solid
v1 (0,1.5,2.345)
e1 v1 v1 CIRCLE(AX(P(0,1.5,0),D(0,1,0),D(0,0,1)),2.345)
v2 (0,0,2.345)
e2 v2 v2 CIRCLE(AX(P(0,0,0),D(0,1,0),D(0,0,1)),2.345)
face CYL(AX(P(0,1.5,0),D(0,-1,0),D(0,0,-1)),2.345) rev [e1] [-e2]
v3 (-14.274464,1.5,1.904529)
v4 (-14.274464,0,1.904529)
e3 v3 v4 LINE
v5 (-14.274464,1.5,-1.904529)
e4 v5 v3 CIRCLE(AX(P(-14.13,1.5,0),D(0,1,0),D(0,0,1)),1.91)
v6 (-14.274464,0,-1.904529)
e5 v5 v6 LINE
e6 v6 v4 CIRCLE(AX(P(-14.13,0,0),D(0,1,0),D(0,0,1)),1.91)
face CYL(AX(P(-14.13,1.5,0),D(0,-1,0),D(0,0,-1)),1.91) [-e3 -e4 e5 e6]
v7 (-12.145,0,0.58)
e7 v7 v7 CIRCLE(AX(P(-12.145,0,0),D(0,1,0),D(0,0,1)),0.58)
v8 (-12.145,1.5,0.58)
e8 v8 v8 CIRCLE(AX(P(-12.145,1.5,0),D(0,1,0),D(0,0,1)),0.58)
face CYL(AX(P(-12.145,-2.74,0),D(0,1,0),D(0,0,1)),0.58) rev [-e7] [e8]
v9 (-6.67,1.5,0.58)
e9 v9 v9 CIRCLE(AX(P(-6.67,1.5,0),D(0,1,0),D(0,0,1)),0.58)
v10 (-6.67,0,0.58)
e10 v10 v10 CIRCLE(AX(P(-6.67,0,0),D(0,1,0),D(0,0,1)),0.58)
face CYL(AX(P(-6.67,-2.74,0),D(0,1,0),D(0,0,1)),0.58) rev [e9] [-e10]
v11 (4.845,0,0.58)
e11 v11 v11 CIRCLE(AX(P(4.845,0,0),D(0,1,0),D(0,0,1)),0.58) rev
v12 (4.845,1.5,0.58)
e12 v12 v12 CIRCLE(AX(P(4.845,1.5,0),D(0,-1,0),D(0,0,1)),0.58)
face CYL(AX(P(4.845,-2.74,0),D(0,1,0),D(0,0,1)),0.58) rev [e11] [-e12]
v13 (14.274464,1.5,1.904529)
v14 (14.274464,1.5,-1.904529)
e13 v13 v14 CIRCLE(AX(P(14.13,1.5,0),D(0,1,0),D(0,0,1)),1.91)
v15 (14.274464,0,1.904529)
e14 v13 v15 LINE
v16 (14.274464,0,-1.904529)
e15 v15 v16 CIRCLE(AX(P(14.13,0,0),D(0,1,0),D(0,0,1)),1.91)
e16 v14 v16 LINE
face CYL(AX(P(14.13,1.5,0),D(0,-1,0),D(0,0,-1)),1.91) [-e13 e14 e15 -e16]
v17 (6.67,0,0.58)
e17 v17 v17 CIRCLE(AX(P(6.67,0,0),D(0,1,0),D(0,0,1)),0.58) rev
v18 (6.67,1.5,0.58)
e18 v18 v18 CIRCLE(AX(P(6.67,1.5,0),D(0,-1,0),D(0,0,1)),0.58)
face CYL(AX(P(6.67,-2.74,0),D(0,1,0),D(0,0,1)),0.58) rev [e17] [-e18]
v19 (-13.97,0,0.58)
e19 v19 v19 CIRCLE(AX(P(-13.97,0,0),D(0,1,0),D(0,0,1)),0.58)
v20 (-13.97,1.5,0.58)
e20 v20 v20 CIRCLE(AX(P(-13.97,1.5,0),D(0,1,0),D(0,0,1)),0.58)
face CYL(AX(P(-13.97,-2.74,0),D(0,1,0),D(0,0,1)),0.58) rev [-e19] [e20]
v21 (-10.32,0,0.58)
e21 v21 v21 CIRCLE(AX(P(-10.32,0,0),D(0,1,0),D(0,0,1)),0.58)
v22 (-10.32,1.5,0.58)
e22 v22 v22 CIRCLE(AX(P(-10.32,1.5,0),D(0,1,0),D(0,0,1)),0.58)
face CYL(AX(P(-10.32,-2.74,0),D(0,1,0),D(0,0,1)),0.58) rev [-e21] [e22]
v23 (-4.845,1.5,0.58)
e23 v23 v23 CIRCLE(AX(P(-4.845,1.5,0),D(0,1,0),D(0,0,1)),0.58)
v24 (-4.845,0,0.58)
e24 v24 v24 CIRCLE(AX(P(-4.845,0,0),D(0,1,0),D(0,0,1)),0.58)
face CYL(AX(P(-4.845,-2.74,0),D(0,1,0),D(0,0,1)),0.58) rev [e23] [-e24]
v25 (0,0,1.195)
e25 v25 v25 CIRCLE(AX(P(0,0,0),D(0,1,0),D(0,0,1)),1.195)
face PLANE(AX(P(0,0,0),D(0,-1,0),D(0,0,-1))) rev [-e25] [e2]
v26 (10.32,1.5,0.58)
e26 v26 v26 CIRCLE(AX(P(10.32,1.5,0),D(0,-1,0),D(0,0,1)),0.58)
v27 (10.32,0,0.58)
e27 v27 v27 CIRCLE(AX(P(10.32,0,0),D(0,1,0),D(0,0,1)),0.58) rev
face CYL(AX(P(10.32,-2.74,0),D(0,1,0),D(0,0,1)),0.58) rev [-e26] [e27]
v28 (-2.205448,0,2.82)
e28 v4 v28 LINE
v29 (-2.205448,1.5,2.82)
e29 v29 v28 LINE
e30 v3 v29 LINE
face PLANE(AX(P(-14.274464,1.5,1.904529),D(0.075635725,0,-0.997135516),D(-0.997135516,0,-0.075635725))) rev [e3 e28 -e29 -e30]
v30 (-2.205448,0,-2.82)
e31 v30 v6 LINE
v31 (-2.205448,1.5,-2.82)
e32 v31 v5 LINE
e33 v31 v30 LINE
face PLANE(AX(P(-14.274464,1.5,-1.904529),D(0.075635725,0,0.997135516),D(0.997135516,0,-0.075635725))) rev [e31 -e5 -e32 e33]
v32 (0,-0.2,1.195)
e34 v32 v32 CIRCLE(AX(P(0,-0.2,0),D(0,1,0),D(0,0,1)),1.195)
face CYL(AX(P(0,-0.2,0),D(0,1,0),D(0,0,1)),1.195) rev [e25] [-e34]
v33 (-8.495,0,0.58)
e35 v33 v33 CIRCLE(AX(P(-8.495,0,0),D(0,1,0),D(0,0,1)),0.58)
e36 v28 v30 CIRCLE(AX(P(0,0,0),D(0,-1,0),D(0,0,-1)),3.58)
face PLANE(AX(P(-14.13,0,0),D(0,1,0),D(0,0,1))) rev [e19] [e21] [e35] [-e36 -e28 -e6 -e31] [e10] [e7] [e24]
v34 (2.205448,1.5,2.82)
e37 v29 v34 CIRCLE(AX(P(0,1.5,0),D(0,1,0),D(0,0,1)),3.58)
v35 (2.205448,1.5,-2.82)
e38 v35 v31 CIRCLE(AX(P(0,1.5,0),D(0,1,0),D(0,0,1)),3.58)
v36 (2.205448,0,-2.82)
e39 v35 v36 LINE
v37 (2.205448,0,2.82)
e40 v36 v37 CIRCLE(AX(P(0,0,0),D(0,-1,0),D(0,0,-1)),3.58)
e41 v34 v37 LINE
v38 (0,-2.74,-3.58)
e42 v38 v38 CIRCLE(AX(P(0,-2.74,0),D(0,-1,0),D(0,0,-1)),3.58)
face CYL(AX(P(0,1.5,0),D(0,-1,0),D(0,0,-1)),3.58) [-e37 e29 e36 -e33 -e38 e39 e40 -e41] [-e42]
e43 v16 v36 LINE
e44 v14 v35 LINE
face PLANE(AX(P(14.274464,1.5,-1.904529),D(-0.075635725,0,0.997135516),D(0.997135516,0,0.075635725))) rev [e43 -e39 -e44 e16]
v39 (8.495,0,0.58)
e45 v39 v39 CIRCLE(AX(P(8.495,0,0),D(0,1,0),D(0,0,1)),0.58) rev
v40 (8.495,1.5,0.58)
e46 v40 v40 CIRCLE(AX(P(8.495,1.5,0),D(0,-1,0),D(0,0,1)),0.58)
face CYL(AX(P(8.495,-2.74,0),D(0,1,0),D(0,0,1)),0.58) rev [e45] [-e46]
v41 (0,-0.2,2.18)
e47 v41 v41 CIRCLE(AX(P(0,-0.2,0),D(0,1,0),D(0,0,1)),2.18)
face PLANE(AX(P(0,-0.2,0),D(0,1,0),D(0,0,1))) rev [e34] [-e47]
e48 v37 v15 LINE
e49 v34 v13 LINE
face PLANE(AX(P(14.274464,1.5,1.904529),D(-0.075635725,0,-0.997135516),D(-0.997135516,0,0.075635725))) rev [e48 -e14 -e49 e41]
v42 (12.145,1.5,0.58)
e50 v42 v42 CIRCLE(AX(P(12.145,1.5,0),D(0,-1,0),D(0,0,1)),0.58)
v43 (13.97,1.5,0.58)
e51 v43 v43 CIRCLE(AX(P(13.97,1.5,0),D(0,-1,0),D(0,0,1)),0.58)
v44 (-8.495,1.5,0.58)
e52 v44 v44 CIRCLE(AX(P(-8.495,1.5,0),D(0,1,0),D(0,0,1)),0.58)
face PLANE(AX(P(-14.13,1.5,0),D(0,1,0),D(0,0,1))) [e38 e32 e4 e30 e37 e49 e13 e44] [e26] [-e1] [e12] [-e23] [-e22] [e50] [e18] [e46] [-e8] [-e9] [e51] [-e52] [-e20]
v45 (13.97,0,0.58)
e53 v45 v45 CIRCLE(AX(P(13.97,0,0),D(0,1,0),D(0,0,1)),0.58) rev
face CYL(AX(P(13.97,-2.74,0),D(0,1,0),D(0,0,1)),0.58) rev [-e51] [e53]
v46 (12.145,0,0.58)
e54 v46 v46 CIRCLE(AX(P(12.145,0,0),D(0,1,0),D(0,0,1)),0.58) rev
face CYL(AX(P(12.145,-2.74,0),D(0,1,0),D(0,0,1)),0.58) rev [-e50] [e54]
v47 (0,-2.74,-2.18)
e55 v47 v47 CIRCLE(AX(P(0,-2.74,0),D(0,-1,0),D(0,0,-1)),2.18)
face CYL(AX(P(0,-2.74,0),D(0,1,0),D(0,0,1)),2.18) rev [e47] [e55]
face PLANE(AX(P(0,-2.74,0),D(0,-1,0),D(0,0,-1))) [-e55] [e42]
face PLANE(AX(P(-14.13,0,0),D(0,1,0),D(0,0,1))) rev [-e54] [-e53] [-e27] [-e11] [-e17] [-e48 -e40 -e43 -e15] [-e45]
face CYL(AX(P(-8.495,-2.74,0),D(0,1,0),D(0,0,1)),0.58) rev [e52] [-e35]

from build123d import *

# Parameters (mm, degrees)
SKETCH1_R               = 2.345
EXTRUDE1_DEPTH          = 1.5
SKETCH2_R               = 3.58
SKETCH2_R_2             = 2.18
EXTRUDE2_DEPTH          = 2.74
SKETCH3_R               = 2.345
SKETCH3_R_2             = 1.195
EXTRUDE3_DEPTH          = 0.2
SKETCH4_R               = 0.58
EXTRUDE4_DEPTH          = 5.24
LPATTERN1_COUNT         = 6
LPATTERN1_PITCH         = 1.825
MIRROR1_COPY_1_SKETCH_R = 0.58
MIRROR1_COPY_1_DEPTH    = 5.24
MIRROR1_COPY_2_SKETCH_R = 0.58
MIRROR1_COPY_2_DEPTH    = 5.24
MIRROR1_COPY_3_SKETCH_R = 0.58
MIRROR1_COPY_3_DEPTH    = 5.24
MIRROR1_COPY_4_SKETCH_R = 0.58
MIRROR1_COPY_4_DEPTH    = 5.24
MIRROR1_COPY_5_SKETCH_R = 0.58
MIRROR1_COPY_5_DEPTH    = 5.24


with BuildPart() as part:
    # Sketch1 → Extrude1 (new body)
    with BuildSketch(Plane(origin=(0, 0, 0), x_dir=(1, 0, 0), z_dir=(0, 1, 0))):
        with BuildLine():
            Line((-14.274464235, -1.904528835), (-2.2054478, -2.82))
            ThreePointArc((-2.2054478, -2.82), (0, -3.58), (2.2054478, -2.82))
            Line((2.2054478, -2.82), (14.274464235, -1.904528835))
            ThreePointArc((14.274464235, -1.904528835), (16.04, 0), (14.274464235, 1.904528835))
            Line((14.274464235, 1.904528835), (2.2054478, 2.82))
            ThreePointArc((2.2054478, 2.82), (0, 3.58), (-2.2054478, 2.82))
            Line((-2.2054478, 2.82), (-14.274464235, 1.904528835))
            ThreePointArc((-14.274464235, 1.904528835), (-16.04, 0), (-14.274464235, -1.904528835))
        make_face()
        with Locations(Location((0, 0, 0), (0, 0, 270))):  # turned: the seam where the file's is
            Circle(SKETCH1_R, mode=Mode.SUBTRACT)
    extrude(amount=EXTRUDE1_DEPTH)

    # Sketch2 → Extrude2 (add)
    with BuildSketch(Plane.XZ):
        with Locations(Location((0, 0, 0), (0, 0, 270))):  # turned: the seam where the file's is
            Circle(SKETCH2_R)
        with Locations(Location((0, 0, 0), (0, 0, 270))):  # turned: the seam where the file's is
            Circle(SKETCH2_R_2, mode=Mode.SUBTRACT)
    extrude(amount=EXTRUDE2_DEPTH)

    # Sketch3 → Extrude3 (add)
    with BuildSketch(Plane(origin=(0, 0, 0), x_dir=(-1, 0, 0), z_dir=(0, 1, 0))):
        with Locations(Location((0, 0, 0), (0, 0, 90))):  # turned: the seam where the file's is
            Circle(SKETCH3_R)
        with Locations(Location((0, 0, 0), (0, 0, 90))):  # turned: the seam where the file's is
            Circle(SKETCH3_R_2, mode=Mode.SUBTRACT)
    extrude(amount=-EXTRUDE3_DEPTH)

    # Sketch4 → Extrude4 (cut, through all)
    with BuildSketch(Plane(origin=(0, 1.5, 0), x_dir=(1, 0, 0), z_dir=(0, 1, 0))):
        with Locations(Location((-4.845, 0, 0), (0, 0, 270))):  # turned: the seam where the file's is
            Circle(SKETCH4_R)
    extrude4 = extrude(amount=-EXTRUDE4_DEPTH, mode=Mode.SUBTRACT)

    # LPattern1: Extrude4 ×6
    with Locations(*[(-i * LPATTERN1_PITCH, 0, 0) for i in range(1, LPATTERN1_COUNT)]):
        add(extrude4, mode=Mode.SUBTRACT)

    # Mirror1: Extrude4 across plane
    add(extrude4.mirror(Plane(origin=(0, 0, 0), x_dir=(0, 0, 1), z_dir=(1, 0, 0))), mode=Mode.SUBTRACT)

    # Mirror1 copy 1 sketch → Mirror1 copy 1 (cut, through all)
    with BuildSketch(Plane(origin=(1.825, 1.5, 0), x_dir=(-1, 0, 0), z_dir=(0, 1, 0))):
        with Locations((-4.845, 0)):
            Circle(MIRROR1_COPY_1_SKETCH_R)
    extrude(amount=-MIRROR1_COPY_1_DEPTH, mode=Mode.SUBTRACT)

    # Mirror1 copy 2 sketch → Mirror1 copy 2 (cut, through all)
    with BuildSketch(Plane(origin=(3.65, 1.5, 0), x_dir=(-1, 0, 0), z_dir=(0, 1, 0))):
        with Locations((-4.845, 0)):
            Circle(MIRROR1_COPY_2_SKETCH_R)
    extrude(amount=-MIRROR1_COPY_2_DEPTH, mode=Mode.SUBTRACT)

    # Mirror1 copy 3 sketch → Mirror1 copy 3 (cut, through all)
    with BuildSketch(Plane(origin=(5.475, 1.5, 0), x_dir=(-1, 0, 0), z_dir=(0, 1, 0))):
        with Locations((-4.845, 0)):
            Circle(MIRROR1_COPY_3_SKETCH_R)
    extrude(amount=-MIRROR1_COPY_3_DEPTH, mode=Mode.SUBTRACT)

    # Mirror1 copy 4 sketch → Mirror1 copy 4 (cut, through all)
    with BuildSketch(Plane(origin=(7.3, 1.5, 0), x_dir=(-1, 0, 0), z_dir=(0, 1, 0))):
        with Locations((-4.845, 0)):
            Circle(MIRROR1_COPY_4_SKETCH_R)
    extrude(amount=-MIRROR1_COPY_4_DEPTH, mode=Mode.SUBTRACT)

    # Mirror1 copy 5 sketch → Mirror1 copy 5 (cut, through all)
    with BuildSketch(Plane(origin=(9.125, 1.5, 0), x_dir=(-1, 0, 0), z_dir=(0, 1, 0))):
        with Locations((-4.845, 0)):
            Circle(MIRROR1_COPY_5_SKETCH_R)
    extrude(amount=-MIRROR1_COPY_5_DEPTH, mode=Mode.SUBTRACT)


solid = part.part
